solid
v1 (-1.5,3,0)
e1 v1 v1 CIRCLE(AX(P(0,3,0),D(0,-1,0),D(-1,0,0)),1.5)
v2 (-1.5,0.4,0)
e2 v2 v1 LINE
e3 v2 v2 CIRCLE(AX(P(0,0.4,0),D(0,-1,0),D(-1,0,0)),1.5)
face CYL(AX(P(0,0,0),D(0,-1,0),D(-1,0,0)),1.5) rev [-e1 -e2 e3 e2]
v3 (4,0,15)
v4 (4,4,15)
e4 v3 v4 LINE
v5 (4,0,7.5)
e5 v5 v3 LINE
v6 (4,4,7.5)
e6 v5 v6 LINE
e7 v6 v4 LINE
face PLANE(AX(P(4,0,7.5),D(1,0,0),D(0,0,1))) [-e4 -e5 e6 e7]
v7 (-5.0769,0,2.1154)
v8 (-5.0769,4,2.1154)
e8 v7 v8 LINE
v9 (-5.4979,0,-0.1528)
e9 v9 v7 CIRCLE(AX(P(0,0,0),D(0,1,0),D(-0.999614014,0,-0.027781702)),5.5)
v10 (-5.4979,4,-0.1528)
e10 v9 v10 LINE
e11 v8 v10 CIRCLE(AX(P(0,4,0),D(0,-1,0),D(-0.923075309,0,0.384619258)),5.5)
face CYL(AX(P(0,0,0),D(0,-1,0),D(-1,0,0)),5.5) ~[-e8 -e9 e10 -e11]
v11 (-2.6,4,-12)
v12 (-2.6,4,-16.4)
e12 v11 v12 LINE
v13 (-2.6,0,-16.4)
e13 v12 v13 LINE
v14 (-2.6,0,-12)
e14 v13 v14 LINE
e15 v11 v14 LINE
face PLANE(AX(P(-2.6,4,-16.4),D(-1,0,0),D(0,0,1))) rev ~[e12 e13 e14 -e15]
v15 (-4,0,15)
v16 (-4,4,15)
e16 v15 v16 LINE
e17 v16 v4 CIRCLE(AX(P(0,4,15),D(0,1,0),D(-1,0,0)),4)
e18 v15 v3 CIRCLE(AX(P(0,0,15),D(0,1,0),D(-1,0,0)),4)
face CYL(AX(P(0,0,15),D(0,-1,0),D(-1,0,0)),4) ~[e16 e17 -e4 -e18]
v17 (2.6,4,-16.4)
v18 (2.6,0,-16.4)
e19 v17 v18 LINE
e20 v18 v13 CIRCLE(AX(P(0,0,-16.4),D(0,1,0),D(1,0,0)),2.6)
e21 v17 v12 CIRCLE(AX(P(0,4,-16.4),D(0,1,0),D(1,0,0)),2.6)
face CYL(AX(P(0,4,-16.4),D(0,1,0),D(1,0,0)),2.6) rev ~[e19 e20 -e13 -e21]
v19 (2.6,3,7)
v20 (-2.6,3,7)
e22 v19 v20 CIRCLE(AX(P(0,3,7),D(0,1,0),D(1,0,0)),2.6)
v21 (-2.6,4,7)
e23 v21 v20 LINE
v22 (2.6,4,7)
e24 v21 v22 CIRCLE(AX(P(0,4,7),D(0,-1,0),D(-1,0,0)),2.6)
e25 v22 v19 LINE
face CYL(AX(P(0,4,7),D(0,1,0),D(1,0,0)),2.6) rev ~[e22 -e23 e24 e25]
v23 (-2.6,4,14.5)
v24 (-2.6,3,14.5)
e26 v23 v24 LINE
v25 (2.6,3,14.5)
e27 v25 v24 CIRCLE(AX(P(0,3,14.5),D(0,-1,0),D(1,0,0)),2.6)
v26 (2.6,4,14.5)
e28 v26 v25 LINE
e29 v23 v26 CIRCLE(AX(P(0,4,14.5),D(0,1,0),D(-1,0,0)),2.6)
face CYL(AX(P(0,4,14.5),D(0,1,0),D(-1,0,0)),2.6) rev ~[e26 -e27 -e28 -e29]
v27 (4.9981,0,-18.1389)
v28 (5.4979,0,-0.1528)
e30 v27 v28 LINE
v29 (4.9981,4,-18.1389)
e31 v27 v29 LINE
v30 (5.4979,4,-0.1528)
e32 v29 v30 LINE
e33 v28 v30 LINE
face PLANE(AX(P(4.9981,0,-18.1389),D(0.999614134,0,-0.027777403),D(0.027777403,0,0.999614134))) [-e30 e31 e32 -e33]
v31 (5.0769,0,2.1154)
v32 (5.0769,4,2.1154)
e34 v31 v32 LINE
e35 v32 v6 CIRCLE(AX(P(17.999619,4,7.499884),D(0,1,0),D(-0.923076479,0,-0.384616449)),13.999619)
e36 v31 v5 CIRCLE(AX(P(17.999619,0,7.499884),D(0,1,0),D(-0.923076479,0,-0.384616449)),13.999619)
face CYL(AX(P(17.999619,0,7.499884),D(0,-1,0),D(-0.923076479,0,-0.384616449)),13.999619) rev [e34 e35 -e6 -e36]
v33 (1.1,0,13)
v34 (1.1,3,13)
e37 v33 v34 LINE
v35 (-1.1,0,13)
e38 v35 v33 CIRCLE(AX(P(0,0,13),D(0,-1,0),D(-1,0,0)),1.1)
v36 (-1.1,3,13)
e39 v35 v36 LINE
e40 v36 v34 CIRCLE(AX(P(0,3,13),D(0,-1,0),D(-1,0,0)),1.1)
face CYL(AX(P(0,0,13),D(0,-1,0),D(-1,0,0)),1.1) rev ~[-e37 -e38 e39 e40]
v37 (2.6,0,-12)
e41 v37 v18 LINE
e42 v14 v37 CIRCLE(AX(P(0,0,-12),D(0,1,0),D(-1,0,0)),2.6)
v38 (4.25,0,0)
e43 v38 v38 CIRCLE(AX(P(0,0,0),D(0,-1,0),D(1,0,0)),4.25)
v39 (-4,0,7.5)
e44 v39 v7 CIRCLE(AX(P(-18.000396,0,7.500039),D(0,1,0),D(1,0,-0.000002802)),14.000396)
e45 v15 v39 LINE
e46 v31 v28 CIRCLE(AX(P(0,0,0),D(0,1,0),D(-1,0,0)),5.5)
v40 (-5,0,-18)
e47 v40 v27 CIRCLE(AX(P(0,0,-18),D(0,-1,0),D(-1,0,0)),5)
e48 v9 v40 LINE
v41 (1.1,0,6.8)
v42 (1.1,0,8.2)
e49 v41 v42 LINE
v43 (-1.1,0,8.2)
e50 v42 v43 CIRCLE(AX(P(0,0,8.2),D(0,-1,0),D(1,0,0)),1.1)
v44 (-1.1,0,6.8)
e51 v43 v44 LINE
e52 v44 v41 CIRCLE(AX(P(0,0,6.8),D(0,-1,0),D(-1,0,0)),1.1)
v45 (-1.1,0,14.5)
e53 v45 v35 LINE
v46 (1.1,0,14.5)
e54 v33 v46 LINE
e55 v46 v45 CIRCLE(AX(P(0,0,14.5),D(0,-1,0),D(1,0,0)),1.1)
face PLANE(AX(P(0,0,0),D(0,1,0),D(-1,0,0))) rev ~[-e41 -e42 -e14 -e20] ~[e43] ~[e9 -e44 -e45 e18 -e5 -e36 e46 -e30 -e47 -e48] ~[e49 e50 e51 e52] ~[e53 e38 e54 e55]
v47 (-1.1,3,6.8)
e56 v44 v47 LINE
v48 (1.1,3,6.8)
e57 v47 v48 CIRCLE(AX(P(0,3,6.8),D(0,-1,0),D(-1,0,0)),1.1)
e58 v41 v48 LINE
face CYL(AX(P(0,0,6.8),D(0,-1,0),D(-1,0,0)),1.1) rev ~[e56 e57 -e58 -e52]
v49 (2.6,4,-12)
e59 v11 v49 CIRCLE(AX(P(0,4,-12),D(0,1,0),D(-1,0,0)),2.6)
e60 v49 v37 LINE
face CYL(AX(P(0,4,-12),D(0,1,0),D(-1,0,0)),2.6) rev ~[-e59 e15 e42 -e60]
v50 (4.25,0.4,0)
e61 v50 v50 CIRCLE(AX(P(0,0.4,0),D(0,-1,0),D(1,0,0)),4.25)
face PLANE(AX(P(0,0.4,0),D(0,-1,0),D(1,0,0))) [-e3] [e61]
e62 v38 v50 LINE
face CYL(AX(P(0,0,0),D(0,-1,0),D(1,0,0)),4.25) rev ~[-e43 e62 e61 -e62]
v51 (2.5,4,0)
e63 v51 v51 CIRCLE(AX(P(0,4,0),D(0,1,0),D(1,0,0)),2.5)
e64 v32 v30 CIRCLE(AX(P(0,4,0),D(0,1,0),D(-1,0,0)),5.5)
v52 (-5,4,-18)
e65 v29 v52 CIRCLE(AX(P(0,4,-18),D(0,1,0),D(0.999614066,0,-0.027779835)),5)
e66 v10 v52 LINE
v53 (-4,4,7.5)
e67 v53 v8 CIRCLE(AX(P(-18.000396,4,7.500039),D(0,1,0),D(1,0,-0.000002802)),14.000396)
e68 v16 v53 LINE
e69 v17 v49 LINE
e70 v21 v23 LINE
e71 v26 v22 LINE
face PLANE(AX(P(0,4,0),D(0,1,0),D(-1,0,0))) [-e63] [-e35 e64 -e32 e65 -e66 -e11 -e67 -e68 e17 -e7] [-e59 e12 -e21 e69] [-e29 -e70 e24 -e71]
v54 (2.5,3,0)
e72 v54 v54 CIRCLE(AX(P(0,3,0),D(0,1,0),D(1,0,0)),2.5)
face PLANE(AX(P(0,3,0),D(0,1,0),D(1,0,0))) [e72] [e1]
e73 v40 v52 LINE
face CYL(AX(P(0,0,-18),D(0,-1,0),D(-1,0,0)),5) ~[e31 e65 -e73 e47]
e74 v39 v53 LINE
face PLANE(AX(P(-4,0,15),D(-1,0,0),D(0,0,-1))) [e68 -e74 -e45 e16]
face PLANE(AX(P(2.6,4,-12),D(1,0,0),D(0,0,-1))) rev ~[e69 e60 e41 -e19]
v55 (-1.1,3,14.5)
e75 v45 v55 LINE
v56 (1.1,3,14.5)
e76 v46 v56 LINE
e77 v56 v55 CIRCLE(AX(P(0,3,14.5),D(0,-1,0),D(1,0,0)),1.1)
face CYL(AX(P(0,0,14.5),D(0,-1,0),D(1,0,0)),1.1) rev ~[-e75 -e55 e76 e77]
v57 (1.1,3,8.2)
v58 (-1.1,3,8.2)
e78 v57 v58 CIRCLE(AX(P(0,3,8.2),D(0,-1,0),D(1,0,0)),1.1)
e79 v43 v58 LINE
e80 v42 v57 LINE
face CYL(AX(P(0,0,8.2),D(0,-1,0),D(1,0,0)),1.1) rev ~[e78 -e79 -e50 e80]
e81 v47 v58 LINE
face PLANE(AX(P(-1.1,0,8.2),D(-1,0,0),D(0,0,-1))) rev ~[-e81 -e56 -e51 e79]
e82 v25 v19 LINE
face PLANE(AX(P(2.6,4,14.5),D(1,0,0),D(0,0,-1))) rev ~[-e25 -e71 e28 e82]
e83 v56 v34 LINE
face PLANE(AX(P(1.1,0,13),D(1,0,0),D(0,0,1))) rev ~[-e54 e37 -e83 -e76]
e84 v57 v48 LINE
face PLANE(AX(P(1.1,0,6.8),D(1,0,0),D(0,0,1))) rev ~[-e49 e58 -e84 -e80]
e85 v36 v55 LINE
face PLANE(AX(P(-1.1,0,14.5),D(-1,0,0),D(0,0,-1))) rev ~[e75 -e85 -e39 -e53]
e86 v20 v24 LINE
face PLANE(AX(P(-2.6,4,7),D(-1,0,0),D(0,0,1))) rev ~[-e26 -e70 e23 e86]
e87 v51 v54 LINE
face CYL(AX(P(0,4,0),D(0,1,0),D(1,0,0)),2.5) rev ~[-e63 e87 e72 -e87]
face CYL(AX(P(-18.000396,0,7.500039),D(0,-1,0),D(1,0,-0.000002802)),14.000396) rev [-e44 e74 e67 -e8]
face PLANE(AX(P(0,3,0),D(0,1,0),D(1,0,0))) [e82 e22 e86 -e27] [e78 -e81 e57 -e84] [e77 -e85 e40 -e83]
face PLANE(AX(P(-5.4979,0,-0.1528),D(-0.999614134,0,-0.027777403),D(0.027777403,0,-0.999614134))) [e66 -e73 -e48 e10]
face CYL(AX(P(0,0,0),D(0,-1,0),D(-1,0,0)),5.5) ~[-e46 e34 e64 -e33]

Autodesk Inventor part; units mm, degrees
ref_plane "YZ Plane" through (0, 0, 0) normal (1, 0, 0) x (0, 1, 0)
ref_plane "XZ Plane" through (0, 0, 0) normal (0, 1, 0) x (-1, 0, 0)
ref_plane "XY Plane" through (0, 0, 0) normal (0, 0, 1) x (1, 0, 0)
sketch "Sketch1" plane through (0, 0, 0) normal (0, 1, 0) x (-1, 0, 0)
  circle A0 centre (0, 0) radius 1.5
  circle A1 centre (0, 0) radius 5.5
  circle A2 centre (0, -18) radius 5
  line L0 (5.4979, -0.1528) -> (4.9981, -18.1389)
  line L1 (-4.9981, -18.1389) -> (-5.4979, -0.1528)
  line L2 (0, 0) -> (0, 15) construction
  line L3 (-4, 0) -> (-4, 15)
  line L4 (4, 15) -> (4, 0)
  arc A3 (-4, 0) -> (4, 0) centre (0, 0) ccw
  arc A4 (4, 15) -> (-4, 15) centre (0, 15) ccw
  arc A5 (4, 7.5) -> (5.0769, 2.1154) centre (18, 7.5) ccw
  arc A6 (-5.0769, 2.1154) -> (-4, 7.5) centre (-18, 7.5) ccw
  point P0 (0, 7.5)
  point P1 (-4, 3.7749)
  point P2 (4, 3.7749)
  point P3 (-4, 7.5)
  dimension "d0" = 3
  dimension "d1" = 11
  dimension "d3" = 18
  dimension "d43" = 15
  dimension "d44" = 4
  dimension "d74" = 10
extrude "Extrusion1" add sketch "Sketch1" along normal blind 4
sketch "Sketch2" plane through (0, 4, 0) normal (0, 1, 0) x (1, 0, 0)
  arc A0 (4.9981, 18.1389) -> (-4.9981, 18.1389) centre (0, 18) ccw projected
  circle A1 centre (0, 0) radius 1.5 projected
  line L0 (0, 16.4) -> (0, 12) construction
  line L1 (-2.6, 16.4) -> (-2.6, 12)
  line L2 (2.6, 12) -> (2.6, 16.4)
  arc A2 (2.6, 16.4) -> (-2.6, 16.4) centre (0, 16.4) ccw
  arc A3 (-2.6, 12) -> (2.6, 12) centre (0, 12) ccw
  line L3 (-4, -7.5) -> (-4, -15) projected
  arc A4 (-4, -15) -> (4, -15) centre (0, -15) ccw projected
  line L4 (4, -15) -> (4, -7.5) projected
  line L5 (-4.9981, 18.1389) -> (-5.4979, 0.1528) projected
  arc A5 (-5.4979, 0.1528) -> (-5.0769, -2.1154) centre (0, 0) ccw projected
  arc A6 (5.0769, -2.1154) -> (5.4979, 0.1528) centre (0, 0) ccw projected
  line L6 (5.4979, 0.1528) -> (4.9981, 18.1389) projected
  arc A7 (-4, -7.5) -> (-5.0769, -2.1154) centre (-18, -7.5) ccw projected
  arc A8 (5.0769, -2.1154) -> (4, -7.5) centre (18, -7.5) ccw projected
  point P0 (0, 14.2)
  dimension "d6" = 4.4
  dimension "d7" = 5.2
  dimension "d9" = 12
extrude "Extrusion2" cut sketch "Sketch2" against normal through all contours A2 L2 A3 L1
sketch "Sketch8" plane through (0, 4, 0) normal (0, 1, 0) x (1, 0, 0)
  line L0 (0, 31.4) -> (0, -27.4) projected
  line L1 (0, -14.5) -> (0, -7) construction
  line L2 (2.6, -14.5) -> (2.6, -7)
  line L3 (-2.6, -7) -> (-2.6, -14.5)
  arc A0 (-2.6, -14.5) -> (2.6, -14.5) centre (0, -14.5) ccw
  arc A1 (2.6, -7) -> (-2.6, -7) centre (0, -7) ccw
  point P0 (0, 0)
  point P1 (0, -10.75)
  dimension "d45" = 5.2
  dimension "d47" = 7
  dimension "d48" = 14.5
extrude "Extrusion8" cut sketch "Sketch8" against normal blind 1
sketch "Sketch10" plane through (0, 0, 0) normal (0, -1, 0) x (1, 0, 0)
  line L0 (0, 6.8) -> (0, 8.2) construction
  line L1 (1.1, 6.8) -> (1.1, 8.2)
  line L2 (-1.1, 8.2) -> (-1.1, 6.8)
  arc A0 (-1.1, 6.8) -> (1.1, 6.8) centre (0, 6.8) ccw
  arc A1 (1.1, 8.2) -> (-1.1, 8.2) centre (0, 8.2) ccw
  line L3 (0, 13) -> (0, 14.5) construction
  line L4 (1.1, 13) -> (1.1, 14.5)
  line L5 (-1.1, 14.5) -> (-1.1, 13)
  arc A2 (-1.1, 13) -> (1.1, 13) centre (0, 13) ccw
  arc A3 (1.1, 14.5) -> (-1.1, 14.5) centre (0, 14.5) ccw
  line L6 (0, -7.3) -> (0, -7.7) construction
  line L7 (1.1, -7.3) -> (1.1, -7.7)
  line L8 (-1.1, -7.7) -> (-1.1, -7.3)
  arc A4 (1.1, -7.3) -> (-1.1, -7.3) centre (0, -7.3) ccw
  arc A5 (-1.1, -7.7) -> (1.1, -7.7) centre (0, -7.7) ccw
  point P0 (0, 0)
  point P1 (0, 7.5)
  point P2 (0, 13.75)
  point P3 (0, -7.5)
  dimension "d60" = 2.2
  dimension "d61" = 6.8
  dimension "d62" = 1.4
  dimension "d63" = 1.5
  dimension "d64" = 2.2
  dimension "d65" = 13
  dimension "d78" = 0.2
  dimension "d79" = 7.5
extrude "Extrusion9" cut sketch "Sketch10" against normal through all contours A0 L2 A1 L1 | A2 L5 A3 L4
sketch "Sketch11" plane through (0, 0, 0) normal (0, -1, 0) x (1, 0, 0)
  circle A0 centre (0, 0) radius 4.25
  dimension "d73" = 8.5
extrude "Extrusion10" cut sketch "Sketch11" against normal blind 0.4
sketch "Sketch12" plane through (0, 4, 0) normal (0, 1, 0) x (1, 0, 0)
  circle A0 centre (0, 0) radius 2.5
  dimension "d75" = 5
extrude "Extrusion11" cut sketch "Sketch12" against normal blind 1
properties part number "Servo steering actuator v2"
